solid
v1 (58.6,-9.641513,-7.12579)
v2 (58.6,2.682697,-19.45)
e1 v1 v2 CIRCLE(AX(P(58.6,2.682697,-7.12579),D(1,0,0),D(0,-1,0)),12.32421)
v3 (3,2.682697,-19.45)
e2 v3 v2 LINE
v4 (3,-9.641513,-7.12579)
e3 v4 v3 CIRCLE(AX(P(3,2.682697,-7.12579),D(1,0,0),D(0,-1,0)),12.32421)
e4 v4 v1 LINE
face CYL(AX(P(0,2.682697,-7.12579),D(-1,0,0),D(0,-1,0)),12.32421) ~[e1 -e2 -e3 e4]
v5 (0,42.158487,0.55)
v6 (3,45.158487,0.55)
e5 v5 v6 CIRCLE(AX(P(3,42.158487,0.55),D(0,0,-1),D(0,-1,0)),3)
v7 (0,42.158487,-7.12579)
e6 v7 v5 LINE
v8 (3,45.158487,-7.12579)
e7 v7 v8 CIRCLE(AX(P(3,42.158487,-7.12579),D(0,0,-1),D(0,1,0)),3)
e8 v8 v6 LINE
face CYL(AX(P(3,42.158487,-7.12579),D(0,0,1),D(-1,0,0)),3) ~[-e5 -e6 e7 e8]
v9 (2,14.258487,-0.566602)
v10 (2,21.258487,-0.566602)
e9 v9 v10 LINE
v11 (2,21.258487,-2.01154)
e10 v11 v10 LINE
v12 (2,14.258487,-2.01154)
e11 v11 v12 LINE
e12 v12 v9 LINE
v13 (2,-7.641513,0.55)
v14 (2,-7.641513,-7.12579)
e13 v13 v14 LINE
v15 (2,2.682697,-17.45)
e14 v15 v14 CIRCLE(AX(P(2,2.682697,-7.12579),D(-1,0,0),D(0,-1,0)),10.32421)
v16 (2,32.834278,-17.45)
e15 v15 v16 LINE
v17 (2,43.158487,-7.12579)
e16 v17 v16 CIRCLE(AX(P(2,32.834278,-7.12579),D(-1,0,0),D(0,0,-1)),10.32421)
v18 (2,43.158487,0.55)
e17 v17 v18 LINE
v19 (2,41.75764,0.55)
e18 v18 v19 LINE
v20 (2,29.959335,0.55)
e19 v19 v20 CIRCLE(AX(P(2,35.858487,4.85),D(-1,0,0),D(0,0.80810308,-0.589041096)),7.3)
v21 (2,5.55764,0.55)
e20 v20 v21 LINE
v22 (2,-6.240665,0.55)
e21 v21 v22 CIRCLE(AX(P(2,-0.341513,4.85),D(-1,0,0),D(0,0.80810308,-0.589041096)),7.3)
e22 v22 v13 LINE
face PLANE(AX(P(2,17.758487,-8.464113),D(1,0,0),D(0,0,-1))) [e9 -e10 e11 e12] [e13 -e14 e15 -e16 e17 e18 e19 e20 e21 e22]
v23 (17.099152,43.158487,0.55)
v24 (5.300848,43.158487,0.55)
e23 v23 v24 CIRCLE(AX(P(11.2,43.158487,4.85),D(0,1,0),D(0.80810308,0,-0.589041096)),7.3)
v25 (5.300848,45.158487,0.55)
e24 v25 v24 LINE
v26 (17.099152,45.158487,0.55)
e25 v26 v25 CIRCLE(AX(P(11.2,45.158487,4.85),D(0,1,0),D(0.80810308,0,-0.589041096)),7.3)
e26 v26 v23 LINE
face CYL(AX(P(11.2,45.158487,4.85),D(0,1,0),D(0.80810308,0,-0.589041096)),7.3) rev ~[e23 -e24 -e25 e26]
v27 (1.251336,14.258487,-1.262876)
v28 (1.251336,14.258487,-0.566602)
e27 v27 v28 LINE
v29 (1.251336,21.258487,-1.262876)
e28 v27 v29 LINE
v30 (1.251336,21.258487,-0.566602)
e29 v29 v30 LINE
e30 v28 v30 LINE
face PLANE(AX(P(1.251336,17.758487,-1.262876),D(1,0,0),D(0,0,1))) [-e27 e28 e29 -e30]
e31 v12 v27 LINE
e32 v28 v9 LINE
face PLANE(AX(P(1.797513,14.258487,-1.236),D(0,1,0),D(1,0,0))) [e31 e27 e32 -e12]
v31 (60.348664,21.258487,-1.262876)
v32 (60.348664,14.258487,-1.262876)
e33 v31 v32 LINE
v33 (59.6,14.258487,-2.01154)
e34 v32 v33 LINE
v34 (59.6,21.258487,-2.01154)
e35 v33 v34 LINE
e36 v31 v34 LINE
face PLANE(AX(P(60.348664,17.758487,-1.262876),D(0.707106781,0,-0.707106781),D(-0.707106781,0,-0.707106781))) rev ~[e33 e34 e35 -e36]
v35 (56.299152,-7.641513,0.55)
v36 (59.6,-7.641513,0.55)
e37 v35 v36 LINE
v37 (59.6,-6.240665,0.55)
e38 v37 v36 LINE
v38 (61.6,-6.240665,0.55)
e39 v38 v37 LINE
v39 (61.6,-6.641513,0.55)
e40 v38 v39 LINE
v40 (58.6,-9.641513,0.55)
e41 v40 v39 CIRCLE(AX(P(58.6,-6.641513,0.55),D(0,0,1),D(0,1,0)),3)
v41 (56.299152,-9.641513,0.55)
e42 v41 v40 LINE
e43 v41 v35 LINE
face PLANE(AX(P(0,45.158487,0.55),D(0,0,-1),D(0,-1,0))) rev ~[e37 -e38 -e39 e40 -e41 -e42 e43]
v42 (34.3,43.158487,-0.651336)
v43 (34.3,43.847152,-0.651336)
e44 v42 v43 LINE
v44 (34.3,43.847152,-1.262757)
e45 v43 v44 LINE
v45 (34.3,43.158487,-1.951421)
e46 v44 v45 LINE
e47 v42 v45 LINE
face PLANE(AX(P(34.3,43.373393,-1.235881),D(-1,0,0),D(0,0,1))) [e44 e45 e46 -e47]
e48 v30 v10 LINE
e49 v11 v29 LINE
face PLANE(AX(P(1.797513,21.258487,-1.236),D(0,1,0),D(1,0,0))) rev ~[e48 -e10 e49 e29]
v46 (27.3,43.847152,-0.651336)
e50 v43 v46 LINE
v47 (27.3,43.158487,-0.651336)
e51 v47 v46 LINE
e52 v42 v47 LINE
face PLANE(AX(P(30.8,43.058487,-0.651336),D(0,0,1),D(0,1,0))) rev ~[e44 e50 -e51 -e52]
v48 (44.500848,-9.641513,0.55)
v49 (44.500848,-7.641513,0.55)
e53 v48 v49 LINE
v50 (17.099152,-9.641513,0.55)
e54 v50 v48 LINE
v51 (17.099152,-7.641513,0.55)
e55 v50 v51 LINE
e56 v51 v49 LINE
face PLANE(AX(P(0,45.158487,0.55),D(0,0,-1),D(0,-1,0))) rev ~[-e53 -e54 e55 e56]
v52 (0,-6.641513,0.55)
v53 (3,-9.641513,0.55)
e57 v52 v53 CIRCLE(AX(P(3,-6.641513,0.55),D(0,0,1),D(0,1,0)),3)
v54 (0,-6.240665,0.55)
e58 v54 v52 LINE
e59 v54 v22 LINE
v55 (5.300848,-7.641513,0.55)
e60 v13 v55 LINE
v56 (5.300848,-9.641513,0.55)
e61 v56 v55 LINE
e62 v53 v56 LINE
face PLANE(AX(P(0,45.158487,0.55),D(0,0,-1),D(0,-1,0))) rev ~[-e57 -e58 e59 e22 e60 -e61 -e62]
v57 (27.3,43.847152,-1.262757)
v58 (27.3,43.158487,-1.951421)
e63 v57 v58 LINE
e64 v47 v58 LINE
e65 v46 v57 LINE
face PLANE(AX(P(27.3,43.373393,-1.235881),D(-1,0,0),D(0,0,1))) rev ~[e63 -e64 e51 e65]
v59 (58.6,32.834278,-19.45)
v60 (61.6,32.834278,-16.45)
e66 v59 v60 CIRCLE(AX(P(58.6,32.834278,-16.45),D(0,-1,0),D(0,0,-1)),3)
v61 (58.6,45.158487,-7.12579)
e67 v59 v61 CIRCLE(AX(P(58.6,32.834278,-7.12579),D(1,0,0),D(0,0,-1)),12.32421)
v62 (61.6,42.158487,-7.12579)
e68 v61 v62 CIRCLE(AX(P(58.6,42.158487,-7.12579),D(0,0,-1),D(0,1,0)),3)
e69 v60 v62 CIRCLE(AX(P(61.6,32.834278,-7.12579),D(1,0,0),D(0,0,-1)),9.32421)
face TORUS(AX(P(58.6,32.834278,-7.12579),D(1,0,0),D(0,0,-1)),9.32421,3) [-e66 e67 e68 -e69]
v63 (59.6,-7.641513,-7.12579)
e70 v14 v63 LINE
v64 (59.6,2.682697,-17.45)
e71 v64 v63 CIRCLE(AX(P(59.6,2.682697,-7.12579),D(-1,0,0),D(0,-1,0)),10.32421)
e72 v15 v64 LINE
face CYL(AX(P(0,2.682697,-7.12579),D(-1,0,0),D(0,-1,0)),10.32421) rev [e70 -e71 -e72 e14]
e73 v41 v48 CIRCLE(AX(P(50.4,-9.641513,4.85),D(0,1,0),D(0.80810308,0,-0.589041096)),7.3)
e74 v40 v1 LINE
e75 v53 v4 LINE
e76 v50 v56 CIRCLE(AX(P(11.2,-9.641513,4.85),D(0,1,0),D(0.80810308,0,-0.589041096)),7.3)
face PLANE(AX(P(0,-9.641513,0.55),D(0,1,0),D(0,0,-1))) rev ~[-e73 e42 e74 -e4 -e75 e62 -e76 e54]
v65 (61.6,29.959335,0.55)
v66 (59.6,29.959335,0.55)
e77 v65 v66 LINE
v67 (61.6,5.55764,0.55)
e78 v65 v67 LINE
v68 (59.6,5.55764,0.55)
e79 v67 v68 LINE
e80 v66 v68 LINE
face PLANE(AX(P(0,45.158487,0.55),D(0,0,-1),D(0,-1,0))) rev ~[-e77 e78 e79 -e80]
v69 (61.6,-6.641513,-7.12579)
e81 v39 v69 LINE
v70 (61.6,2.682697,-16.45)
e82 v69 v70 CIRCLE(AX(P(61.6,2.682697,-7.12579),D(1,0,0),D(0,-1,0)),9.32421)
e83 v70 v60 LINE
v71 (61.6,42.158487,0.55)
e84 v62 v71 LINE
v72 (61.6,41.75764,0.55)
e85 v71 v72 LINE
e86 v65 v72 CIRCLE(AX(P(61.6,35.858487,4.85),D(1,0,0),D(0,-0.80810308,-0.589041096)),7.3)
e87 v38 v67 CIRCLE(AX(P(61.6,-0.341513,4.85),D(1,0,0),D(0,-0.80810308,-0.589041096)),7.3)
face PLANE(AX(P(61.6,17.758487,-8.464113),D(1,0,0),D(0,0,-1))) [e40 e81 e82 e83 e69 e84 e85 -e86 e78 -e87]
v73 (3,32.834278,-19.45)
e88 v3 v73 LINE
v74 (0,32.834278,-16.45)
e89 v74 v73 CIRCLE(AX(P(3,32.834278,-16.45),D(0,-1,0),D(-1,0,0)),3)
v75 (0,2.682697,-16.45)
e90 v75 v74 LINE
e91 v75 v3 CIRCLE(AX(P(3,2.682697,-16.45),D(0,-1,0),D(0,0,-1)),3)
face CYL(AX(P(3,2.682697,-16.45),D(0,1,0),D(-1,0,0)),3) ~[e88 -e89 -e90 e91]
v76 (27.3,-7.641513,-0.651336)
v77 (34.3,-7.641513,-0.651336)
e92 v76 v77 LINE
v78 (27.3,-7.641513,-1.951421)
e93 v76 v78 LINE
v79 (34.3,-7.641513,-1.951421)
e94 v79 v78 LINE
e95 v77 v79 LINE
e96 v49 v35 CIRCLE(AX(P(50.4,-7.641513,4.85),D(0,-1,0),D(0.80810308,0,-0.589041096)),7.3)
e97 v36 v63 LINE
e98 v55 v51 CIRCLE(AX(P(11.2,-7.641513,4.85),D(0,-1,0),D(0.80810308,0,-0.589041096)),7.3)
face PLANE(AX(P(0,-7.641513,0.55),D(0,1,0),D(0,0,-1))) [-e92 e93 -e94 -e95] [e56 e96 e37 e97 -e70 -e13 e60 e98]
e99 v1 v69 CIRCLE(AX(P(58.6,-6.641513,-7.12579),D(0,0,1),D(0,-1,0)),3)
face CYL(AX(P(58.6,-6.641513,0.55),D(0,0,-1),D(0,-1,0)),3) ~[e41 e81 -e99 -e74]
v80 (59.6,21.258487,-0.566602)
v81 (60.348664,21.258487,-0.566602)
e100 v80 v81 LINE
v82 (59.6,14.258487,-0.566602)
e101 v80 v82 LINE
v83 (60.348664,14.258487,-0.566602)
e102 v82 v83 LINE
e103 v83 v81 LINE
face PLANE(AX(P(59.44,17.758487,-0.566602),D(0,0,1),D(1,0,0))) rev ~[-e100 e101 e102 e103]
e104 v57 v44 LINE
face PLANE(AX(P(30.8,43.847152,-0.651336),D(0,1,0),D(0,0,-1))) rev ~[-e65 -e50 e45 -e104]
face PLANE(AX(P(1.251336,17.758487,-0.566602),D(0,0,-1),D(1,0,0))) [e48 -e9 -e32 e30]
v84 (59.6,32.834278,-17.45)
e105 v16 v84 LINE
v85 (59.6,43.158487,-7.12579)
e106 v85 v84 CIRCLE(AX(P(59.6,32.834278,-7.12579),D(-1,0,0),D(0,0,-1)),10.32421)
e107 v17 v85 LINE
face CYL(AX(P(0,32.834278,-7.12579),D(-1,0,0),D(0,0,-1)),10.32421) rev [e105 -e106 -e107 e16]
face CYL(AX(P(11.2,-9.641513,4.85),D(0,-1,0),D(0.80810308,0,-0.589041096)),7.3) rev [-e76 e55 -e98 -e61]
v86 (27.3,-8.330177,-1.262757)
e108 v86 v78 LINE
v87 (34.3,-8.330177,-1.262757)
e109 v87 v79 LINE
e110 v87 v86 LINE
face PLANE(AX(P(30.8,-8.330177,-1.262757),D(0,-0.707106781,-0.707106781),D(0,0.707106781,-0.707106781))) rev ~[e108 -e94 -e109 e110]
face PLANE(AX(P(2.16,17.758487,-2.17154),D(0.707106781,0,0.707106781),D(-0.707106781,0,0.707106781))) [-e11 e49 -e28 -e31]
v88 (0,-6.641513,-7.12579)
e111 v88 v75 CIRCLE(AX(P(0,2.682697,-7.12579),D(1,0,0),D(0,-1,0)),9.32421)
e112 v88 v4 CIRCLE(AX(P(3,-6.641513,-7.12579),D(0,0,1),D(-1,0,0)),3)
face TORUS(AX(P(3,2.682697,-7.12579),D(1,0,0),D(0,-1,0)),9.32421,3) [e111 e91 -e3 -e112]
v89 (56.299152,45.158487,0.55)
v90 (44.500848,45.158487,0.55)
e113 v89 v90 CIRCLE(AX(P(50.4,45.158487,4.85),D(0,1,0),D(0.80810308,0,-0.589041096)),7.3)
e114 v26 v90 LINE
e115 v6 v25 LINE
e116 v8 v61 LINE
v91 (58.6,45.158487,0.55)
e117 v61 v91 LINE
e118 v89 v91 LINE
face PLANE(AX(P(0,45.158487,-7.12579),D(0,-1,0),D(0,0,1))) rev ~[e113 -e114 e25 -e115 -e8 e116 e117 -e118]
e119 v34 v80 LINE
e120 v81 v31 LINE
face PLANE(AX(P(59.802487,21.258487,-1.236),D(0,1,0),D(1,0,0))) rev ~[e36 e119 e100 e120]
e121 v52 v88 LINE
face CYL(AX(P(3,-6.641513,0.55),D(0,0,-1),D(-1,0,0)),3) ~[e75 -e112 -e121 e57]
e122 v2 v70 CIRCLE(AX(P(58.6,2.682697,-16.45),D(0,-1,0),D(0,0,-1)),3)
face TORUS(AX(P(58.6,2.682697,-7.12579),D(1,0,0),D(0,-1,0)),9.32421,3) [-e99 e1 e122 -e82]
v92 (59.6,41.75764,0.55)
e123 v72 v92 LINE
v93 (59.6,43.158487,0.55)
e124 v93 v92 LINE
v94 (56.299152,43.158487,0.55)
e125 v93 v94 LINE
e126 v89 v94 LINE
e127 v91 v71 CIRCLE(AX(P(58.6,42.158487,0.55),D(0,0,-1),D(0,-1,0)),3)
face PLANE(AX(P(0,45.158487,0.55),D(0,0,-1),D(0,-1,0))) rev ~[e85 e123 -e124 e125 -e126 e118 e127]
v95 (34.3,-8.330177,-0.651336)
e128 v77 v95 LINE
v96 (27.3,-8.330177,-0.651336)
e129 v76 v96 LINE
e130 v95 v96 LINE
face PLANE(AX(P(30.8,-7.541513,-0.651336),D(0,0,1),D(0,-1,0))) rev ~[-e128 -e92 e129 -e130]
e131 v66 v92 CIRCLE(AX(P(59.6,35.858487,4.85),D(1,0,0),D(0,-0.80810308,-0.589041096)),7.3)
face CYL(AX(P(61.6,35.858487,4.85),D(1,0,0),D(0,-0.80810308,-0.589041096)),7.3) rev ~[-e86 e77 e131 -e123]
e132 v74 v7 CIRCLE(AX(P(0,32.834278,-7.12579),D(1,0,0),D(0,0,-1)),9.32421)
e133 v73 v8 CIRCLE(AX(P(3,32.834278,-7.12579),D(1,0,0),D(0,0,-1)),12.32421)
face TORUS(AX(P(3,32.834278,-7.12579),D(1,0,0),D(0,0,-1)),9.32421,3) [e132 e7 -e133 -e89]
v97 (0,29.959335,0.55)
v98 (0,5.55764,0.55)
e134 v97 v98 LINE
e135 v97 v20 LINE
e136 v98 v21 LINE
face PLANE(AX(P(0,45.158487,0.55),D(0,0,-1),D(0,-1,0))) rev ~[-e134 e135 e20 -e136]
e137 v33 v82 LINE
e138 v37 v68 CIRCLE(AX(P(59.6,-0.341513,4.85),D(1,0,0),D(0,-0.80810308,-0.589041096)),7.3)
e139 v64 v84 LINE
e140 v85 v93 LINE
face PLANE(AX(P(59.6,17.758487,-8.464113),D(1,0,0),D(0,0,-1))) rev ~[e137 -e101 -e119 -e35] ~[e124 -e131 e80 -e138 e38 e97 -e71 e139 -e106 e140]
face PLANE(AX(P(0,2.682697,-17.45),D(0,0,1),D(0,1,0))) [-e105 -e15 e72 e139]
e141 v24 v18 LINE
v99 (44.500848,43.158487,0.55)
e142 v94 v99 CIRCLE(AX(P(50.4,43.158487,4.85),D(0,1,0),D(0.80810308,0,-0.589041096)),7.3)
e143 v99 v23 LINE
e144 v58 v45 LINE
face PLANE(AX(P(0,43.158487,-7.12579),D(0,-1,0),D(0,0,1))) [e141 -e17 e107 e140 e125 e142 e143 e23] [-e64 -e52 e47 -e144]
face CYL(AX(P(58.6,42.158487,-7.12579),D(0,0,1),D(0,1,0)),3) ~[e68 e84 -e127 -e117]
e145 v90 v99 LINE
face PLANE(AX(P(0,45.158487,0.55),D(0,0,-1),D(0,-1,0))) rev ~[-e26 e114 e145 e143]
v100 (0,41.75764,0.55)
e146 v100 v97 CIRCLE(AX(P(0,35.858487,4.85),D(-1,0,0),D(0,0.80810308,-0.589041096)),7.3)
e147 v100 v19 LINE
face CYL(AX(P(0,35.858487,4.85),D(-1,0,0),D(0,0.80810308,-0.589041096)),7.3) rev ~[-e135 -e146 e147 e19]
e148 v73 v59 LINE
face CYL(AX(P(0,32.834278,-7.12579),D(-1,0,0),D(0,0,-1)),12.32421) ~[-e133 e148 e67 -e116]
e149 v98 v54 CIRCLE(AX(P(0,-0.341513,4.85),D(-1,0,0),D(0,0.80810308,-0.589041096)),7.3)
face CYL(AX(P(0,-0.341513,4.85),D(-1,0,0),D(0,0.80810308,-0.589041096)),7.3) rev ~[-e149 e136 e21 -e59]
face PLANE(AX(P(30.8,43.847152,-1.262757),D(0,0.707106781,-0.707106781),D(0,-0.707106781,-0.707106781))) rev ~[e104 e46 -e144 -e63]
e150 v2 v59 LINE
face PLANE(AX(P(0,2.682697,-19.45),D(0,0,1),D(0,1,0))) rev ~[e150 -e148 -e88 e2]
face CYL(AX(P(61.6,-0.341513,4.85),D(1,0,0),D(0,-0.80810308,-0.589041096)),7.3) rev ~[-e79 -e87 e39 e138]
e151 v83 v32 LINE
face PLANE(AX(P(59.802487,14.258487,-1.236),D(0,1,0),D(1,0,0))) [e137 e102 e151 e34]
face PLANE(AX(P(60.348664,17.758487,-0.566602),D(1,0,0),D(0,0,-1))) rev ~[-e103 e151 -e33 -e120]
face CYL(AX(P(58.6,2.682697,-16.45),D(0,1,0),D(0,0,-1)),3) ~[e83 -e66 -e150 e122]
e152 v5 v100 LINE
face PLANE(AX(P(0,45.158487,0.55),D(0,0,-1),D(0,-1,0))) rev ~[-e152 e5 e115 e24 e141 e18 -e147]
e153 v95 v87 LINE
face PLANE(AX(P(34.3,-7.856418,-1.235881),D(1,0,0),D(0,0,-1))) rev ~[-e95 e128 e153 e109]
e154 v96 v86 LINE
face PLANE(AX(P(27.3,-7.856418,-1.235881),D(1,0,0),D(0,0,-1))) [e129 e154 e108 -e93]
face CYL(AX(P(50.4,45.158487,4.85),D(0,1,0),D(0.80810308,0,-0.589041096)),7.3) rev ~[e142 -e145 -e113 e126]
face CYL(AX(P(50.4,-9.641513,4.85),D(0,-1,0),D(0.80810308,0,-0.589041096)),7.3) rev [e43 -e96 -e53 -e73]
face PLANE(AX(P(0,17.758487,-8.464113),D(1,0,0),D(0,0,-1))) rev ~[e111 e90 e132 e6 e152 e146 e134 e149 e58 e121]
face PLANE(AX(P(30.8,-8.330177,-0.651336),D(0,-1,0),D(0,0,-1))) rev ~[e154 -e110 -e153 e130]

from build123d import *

# Parameters (mm, degrees)
EXTRUDE_1_DEPTH      = 61.6
SHELL_1_T            = -2
CUT_EXTRUDE_8_DEPTH  = 3.5
CUT_EXTRUDE_9_REACH  = 80.817
CUT_EXTRUDE_10_REACH = 80.817
CUT_EXTRUDE_11_REACH = 86.711
CUT_EXTRUDE_12_REACH = 86.711
CUT_EXTRUDE_13_DEPTH = 3.5
FILLET_1_R           = 3
FILLET_2_R           = 3


with BuildPart() as part:
    # ｽｹｯﾁ2 → ﾎﾞｽ - 押し出し1 (new body)
    with BuildSketch(Plane(origin=(0, 0, 0), x_dir=(0, 0, -1), z_dir=(1, 0, 0))):
        with BuildLine():
            Line((7.125790142, 45.158487371), (-0.55, 45.158487371))
            Line((-0.55, 45.158487371), (-0.55, -9.641512629))
            Line((-0.55, -9.641512629), (7.125790142, -9.641512629))
            ThreePointArc((7.125790142, -9.641512629), (15.840322505, -6.031835134), (19.45, 2.682697229))
            Line((19.45, 2.682697229), (19.45, 32.834277513))
            ThreePointArc((19.45, 32.834277513), (15.840322505, 41.548809876), (7.125790142, 45.158487371))
        make_face()
    extrude(amount=EXTRUDE_1_DEPTH)

    # ｼｪﾙ1
    shell_1_openings = [part.faces().sort_by_distance(p)[0] for p in [
        (30.8, 17.758487371, 0.55),
    ]]
    offset(amount=SHELL_1_T, openings=shell_1_openings, kind=Kind.INTERSECTION)

    # ｽｹｯﾁ11 → ｶｯﾄ - 押し出し8 (cut, symmetric)
    with BuildSketch(Plane(origin=(0, 17.758487371, 0), x_dir=(1, 0, 0), z_dir=(0, 1, 0))):
        Polygon((2.16, 2.171540251), (1.251335836, 1.262876087), (1.251335836, 0.566601917), (2.16, 0.566601917), align=None)
        Polygon((59.44, 2.171540251), (59.44, 0.566601917), (60.348664164, 0.566601917), (60.348664164, 1.262876087), align=None)
    extrude(amount=CUT_EXTRUDE_8_DEPTH, both=True, mode=Mode.SUBTRACT)

    # ｽｹｯﾁ12 → ｶｯﾄ - 押し出し9 (cut, up to next)
    with BuildSketch(Plane(origin=(61.6, 0, 0), x_dir=(0, 0, -1), z_dir=(1, 0, 0)), mode=Mode.PRIVATE) as cut_extrude_9_sk1:
        with BuildLine():
            Line((-0.55, 41.757639853), (-0.55, 29.95933489))
            ThreePointArc((-0.55, 29.95933489), (2.45, 35.858487371), (-0.55, 41.757639853))
        make_face()
    cut_extrude_9_tool1 = extrude(cut_extrude_9_sk1.sketch, amount=-CUT_EXTRUDE_9_REACH, mode=Mode.PRIVATE) & part.part
    # ｽｹｯﾁ12 → ｶｯﾄ - 押し出し9 (cut, up to next)
    with BuildSketch(Plane(origin=(61.6, 0, 0), x_dir=(0, 0, -1), z_dir=(1, 0, 0)), mode=Mode.PRIVATE) as cut_extrude_9_sk2:
        with BuildLine():
            Line((-0.55, 5.557639853), (-0.55, -6.24066511))
            ThreePointArc((-0.55, -6.24066511), (2.45, -0.341512629), (-0.55, 5.557639853))
        make_face()
    cut_extrude_9_tool2 = extrude(cut_extrude_9_sk2.sketch, amount=-CUT_EXTRUDE_9_REACH, mode=Mode.PRIVATE) & part.part
    add(cut_extrude_9_tool1.solids().sort_by_distance((61.6, 35.858487, -0.674015))[0], mode=Mode.SUBTRACT)
    add(cut_extrude_9_tool2.solids().sort_by_distance((61.6, -0.341513, -0.674015))[0], mode=Mode.SUBTRACT)

    # ｽｹｯﾁ13 → ｶｯﾄ - 押し出し10 (cut, up to next)
    with BuildSketch(Plane.ZY, mode=Mode.PRIVATE) as cut_extrude_10_sk1:
        with BuildLine():
            Line((0.55, 29.95933489), (0.55, 41.757639853))
            ThreePointArc((0.55, 41.757639853), (-2.45, 35.858487371), (0.55, 29.95933489))
        make_face()
    cut_extrude_10_tool1 = extrude(cut_extrude_10_sk1.sketch, amount=-CUT_EXTRUDE_10_REACH, mode=Mode.PRIVATE) & part.part
    # ｽｹｯﾁ13 → ｶｯﾄ - 押し出し10 (cut, up to next)
    with BuildSketch(Plane.ZY, mode=Mode.PRIVATE) as cut_extrude_10_sk2:
        with BuildLine():
            Line((0.55, -6.24066511), (0.55, 5.557639853))
            ThreePointArc((0.55, 5.557639853), (-2.45, -0.341512629), (0.55, -6.24066511))
        make_face()
    cut_extrude_10_tool2 = extrude(cut_extrude_10_sk2.sketch, amount=-CUT_EXTRUDE_10_REACH, mode=Mode.PRIVATE) & part.part
    add(cut_extrude_10_tool1.solids().sort_by_distance((0, 35.858487, -0.674015))[0], mode=Mode.SUBTRACT)
    add(cut_extrude_10_tool2.solids().sort_by_distance((0, -0.341513, -0.674015))[0], mode=Mode.SUBTRACT)

    # ｽｹｯﾁ14 → ｶｯﾄ - 押し出し11 (cut, up to next)
    with BuildSketch(Plane.XZ.offset(9.641512629), mode=Mode.PRIVATE) as cut_extrude_11_sk1:
        with BuildLine():
            Line((5.300847518, 0.55), (17.099152482, 0.55))
            ThreePointArc((17.099152482, 0.55), (11.2, -2.45), (5.300847518, 0.55))
        make_face()
    cut_extrude_11_tool1 = extrude(cut_extrude_11_sk1.sketch, amount=-CUT_EXTRUDE_11_REACH, mode=Mode.PRIVATE) & part.part
    # ｽｹｯﾁ14 → ｶｯﾄ - 押し出し11 (cut, up to next)
    with BuildSketch(Plane.XZ.offset(9.641512629), mode=Mode.PRIVATE) as cut_extrude_11_sk2:
        with BuildLine():
            Line((44.500847518, 0.55), (56.299152482, 0.55))
            ThreePointArc((56.299152482, 0.55), (50.4, -2.45), (44.500847518, 0.55))
        make_face()
    cut_extrude_11_tool2 = extrude(cut_extrude_11_sk2.sketch, amount=-CUT_EXTRUDE_11_REACH, mode=Mode.PRIVATE) & part.part
    add(cut_extrude_11_tool1.solids().sort_by_distance((11.2, -9.641513, -0.674015))[0], mode=Mode.SUBTRACT)
    add(cut_extrude_11_tool2.solids().sort_by_distance((50.4, -9.641513, -0.674015))[0], mode=Mode.SUBTRACT)

    # ｽｹｯﾁ15 → ｶｯﾄ - 押し出し12 (cut, up to next)
    with BuildSketch(Plane(origin=(0, 45.158487371, 0), x_dir=(1, 0, 0), z_dir=(0, 1, 0)), mode=Mode.PRIVATE) as cut_extrude_12_sk1:
        with BuildLine():
            Line((44.500847518, -0.55), (56.299152482, -0.55))
            ThreePointArc((56.299152482, -0.55), (50.4, 2.45), (44.500847518, -0.55))
        make_face()
    cut_extrude_12_tool1 = extrude(cut_extrude_12_sk1.sketch, amount=-CUT_EXTRUDE_12_REACH, mode=Mode.PRIVATE) & part.part
    # ｽｹｯﾁ15 → ｶｯﾄ - 押し出し12 (cut, up to next)
    with BuildSketch(Plane(origin=(0, 45.158487371, 0), x_dir=(1, 0, 0), z_dir=(0, 1, 0)), mode=Mode.PRIVATE) as cut_extrude_12_sk2:
        with BuildLine():
            Line((5.300847518, -0.55), (17.099152482, -0.55))
            ThreePointArc((17.099152482, -0.55), (11.2, 2.45), (5.300847518, -0.55))
        make_face()
    cut_extrude_12_tool2 = extrude(cut_extrude_12_sk2.sketch, amount=-CUT_EXTRUDE_12_REACH, mode=Mode.PRIVATE) & part.part
    add(cut_extrude_12_tool1.solids().sort_by_distance((50.4, 45.158487, -0.674015))[0], mode=Mode.SUBTRACT)
    add(cut_extrude_12_tool2.solids().sort_by_distance((11.2, 45.158487, -0.674015))[0], mode=Mode.SUBTRACT)

    # ｽｹｯﾁ16 → ｶｯﾄ - 押し出し13 (cut, symmetric)
    with BuildSketch(Plane(origin=(30.8, 0, 0), x_dir=(0, 0, -1), z_dir=(1, 0, 0))):
        Polygon((2.051421356, 43.058487371), (0.651335836, 43.058487371), (0.651335836, 43.847151535), (1.262757192, 43.847151535), align=None)
        Polygon((1.262757192, -8.330176793), (2.051421356, -7.541512629), (0.651335836, -7.541512629), (0.651335836, -8.330176793), align=None)
    extrude(amount=CUT_EXTRUDE_13_DEPTH, both=True, mode=Mode.SUBTRACT)

    # ﾌｨﾚｯﾄ1
    fillet_1_edges = [part.edges().sort_by_distance(p)[0] for p in [
        (61.6, -6.031835134, -15.840322505),
        (61.6, 17.758487371, -19.45),
        (61.6, 41.548809876, -15.840322505),
        (61.6, 45.158487371, -3.287895071),
        (61.6, -9.641512629, -3.287895071),
    ]]
    fillet(fillet_1_edges, radius=FILLET_1_R)

    # ﾌｨﾚｯﾄ2
    fillet_2_edges = [part.edges().sort_by_distance(p)[0] for p in [
        (0, 45.158487371, -3.287895071),
        (0, 41.548809876, -15.840322505),
        (0, 17.758487371, -19.45),
        (0, -6.031835134, -15.840322505),
        (0, -9.641512629, -3.287895071),
    ]]
    fillet(fillet_2_edges, radius=FILLET_2_R)


solid = part.part
